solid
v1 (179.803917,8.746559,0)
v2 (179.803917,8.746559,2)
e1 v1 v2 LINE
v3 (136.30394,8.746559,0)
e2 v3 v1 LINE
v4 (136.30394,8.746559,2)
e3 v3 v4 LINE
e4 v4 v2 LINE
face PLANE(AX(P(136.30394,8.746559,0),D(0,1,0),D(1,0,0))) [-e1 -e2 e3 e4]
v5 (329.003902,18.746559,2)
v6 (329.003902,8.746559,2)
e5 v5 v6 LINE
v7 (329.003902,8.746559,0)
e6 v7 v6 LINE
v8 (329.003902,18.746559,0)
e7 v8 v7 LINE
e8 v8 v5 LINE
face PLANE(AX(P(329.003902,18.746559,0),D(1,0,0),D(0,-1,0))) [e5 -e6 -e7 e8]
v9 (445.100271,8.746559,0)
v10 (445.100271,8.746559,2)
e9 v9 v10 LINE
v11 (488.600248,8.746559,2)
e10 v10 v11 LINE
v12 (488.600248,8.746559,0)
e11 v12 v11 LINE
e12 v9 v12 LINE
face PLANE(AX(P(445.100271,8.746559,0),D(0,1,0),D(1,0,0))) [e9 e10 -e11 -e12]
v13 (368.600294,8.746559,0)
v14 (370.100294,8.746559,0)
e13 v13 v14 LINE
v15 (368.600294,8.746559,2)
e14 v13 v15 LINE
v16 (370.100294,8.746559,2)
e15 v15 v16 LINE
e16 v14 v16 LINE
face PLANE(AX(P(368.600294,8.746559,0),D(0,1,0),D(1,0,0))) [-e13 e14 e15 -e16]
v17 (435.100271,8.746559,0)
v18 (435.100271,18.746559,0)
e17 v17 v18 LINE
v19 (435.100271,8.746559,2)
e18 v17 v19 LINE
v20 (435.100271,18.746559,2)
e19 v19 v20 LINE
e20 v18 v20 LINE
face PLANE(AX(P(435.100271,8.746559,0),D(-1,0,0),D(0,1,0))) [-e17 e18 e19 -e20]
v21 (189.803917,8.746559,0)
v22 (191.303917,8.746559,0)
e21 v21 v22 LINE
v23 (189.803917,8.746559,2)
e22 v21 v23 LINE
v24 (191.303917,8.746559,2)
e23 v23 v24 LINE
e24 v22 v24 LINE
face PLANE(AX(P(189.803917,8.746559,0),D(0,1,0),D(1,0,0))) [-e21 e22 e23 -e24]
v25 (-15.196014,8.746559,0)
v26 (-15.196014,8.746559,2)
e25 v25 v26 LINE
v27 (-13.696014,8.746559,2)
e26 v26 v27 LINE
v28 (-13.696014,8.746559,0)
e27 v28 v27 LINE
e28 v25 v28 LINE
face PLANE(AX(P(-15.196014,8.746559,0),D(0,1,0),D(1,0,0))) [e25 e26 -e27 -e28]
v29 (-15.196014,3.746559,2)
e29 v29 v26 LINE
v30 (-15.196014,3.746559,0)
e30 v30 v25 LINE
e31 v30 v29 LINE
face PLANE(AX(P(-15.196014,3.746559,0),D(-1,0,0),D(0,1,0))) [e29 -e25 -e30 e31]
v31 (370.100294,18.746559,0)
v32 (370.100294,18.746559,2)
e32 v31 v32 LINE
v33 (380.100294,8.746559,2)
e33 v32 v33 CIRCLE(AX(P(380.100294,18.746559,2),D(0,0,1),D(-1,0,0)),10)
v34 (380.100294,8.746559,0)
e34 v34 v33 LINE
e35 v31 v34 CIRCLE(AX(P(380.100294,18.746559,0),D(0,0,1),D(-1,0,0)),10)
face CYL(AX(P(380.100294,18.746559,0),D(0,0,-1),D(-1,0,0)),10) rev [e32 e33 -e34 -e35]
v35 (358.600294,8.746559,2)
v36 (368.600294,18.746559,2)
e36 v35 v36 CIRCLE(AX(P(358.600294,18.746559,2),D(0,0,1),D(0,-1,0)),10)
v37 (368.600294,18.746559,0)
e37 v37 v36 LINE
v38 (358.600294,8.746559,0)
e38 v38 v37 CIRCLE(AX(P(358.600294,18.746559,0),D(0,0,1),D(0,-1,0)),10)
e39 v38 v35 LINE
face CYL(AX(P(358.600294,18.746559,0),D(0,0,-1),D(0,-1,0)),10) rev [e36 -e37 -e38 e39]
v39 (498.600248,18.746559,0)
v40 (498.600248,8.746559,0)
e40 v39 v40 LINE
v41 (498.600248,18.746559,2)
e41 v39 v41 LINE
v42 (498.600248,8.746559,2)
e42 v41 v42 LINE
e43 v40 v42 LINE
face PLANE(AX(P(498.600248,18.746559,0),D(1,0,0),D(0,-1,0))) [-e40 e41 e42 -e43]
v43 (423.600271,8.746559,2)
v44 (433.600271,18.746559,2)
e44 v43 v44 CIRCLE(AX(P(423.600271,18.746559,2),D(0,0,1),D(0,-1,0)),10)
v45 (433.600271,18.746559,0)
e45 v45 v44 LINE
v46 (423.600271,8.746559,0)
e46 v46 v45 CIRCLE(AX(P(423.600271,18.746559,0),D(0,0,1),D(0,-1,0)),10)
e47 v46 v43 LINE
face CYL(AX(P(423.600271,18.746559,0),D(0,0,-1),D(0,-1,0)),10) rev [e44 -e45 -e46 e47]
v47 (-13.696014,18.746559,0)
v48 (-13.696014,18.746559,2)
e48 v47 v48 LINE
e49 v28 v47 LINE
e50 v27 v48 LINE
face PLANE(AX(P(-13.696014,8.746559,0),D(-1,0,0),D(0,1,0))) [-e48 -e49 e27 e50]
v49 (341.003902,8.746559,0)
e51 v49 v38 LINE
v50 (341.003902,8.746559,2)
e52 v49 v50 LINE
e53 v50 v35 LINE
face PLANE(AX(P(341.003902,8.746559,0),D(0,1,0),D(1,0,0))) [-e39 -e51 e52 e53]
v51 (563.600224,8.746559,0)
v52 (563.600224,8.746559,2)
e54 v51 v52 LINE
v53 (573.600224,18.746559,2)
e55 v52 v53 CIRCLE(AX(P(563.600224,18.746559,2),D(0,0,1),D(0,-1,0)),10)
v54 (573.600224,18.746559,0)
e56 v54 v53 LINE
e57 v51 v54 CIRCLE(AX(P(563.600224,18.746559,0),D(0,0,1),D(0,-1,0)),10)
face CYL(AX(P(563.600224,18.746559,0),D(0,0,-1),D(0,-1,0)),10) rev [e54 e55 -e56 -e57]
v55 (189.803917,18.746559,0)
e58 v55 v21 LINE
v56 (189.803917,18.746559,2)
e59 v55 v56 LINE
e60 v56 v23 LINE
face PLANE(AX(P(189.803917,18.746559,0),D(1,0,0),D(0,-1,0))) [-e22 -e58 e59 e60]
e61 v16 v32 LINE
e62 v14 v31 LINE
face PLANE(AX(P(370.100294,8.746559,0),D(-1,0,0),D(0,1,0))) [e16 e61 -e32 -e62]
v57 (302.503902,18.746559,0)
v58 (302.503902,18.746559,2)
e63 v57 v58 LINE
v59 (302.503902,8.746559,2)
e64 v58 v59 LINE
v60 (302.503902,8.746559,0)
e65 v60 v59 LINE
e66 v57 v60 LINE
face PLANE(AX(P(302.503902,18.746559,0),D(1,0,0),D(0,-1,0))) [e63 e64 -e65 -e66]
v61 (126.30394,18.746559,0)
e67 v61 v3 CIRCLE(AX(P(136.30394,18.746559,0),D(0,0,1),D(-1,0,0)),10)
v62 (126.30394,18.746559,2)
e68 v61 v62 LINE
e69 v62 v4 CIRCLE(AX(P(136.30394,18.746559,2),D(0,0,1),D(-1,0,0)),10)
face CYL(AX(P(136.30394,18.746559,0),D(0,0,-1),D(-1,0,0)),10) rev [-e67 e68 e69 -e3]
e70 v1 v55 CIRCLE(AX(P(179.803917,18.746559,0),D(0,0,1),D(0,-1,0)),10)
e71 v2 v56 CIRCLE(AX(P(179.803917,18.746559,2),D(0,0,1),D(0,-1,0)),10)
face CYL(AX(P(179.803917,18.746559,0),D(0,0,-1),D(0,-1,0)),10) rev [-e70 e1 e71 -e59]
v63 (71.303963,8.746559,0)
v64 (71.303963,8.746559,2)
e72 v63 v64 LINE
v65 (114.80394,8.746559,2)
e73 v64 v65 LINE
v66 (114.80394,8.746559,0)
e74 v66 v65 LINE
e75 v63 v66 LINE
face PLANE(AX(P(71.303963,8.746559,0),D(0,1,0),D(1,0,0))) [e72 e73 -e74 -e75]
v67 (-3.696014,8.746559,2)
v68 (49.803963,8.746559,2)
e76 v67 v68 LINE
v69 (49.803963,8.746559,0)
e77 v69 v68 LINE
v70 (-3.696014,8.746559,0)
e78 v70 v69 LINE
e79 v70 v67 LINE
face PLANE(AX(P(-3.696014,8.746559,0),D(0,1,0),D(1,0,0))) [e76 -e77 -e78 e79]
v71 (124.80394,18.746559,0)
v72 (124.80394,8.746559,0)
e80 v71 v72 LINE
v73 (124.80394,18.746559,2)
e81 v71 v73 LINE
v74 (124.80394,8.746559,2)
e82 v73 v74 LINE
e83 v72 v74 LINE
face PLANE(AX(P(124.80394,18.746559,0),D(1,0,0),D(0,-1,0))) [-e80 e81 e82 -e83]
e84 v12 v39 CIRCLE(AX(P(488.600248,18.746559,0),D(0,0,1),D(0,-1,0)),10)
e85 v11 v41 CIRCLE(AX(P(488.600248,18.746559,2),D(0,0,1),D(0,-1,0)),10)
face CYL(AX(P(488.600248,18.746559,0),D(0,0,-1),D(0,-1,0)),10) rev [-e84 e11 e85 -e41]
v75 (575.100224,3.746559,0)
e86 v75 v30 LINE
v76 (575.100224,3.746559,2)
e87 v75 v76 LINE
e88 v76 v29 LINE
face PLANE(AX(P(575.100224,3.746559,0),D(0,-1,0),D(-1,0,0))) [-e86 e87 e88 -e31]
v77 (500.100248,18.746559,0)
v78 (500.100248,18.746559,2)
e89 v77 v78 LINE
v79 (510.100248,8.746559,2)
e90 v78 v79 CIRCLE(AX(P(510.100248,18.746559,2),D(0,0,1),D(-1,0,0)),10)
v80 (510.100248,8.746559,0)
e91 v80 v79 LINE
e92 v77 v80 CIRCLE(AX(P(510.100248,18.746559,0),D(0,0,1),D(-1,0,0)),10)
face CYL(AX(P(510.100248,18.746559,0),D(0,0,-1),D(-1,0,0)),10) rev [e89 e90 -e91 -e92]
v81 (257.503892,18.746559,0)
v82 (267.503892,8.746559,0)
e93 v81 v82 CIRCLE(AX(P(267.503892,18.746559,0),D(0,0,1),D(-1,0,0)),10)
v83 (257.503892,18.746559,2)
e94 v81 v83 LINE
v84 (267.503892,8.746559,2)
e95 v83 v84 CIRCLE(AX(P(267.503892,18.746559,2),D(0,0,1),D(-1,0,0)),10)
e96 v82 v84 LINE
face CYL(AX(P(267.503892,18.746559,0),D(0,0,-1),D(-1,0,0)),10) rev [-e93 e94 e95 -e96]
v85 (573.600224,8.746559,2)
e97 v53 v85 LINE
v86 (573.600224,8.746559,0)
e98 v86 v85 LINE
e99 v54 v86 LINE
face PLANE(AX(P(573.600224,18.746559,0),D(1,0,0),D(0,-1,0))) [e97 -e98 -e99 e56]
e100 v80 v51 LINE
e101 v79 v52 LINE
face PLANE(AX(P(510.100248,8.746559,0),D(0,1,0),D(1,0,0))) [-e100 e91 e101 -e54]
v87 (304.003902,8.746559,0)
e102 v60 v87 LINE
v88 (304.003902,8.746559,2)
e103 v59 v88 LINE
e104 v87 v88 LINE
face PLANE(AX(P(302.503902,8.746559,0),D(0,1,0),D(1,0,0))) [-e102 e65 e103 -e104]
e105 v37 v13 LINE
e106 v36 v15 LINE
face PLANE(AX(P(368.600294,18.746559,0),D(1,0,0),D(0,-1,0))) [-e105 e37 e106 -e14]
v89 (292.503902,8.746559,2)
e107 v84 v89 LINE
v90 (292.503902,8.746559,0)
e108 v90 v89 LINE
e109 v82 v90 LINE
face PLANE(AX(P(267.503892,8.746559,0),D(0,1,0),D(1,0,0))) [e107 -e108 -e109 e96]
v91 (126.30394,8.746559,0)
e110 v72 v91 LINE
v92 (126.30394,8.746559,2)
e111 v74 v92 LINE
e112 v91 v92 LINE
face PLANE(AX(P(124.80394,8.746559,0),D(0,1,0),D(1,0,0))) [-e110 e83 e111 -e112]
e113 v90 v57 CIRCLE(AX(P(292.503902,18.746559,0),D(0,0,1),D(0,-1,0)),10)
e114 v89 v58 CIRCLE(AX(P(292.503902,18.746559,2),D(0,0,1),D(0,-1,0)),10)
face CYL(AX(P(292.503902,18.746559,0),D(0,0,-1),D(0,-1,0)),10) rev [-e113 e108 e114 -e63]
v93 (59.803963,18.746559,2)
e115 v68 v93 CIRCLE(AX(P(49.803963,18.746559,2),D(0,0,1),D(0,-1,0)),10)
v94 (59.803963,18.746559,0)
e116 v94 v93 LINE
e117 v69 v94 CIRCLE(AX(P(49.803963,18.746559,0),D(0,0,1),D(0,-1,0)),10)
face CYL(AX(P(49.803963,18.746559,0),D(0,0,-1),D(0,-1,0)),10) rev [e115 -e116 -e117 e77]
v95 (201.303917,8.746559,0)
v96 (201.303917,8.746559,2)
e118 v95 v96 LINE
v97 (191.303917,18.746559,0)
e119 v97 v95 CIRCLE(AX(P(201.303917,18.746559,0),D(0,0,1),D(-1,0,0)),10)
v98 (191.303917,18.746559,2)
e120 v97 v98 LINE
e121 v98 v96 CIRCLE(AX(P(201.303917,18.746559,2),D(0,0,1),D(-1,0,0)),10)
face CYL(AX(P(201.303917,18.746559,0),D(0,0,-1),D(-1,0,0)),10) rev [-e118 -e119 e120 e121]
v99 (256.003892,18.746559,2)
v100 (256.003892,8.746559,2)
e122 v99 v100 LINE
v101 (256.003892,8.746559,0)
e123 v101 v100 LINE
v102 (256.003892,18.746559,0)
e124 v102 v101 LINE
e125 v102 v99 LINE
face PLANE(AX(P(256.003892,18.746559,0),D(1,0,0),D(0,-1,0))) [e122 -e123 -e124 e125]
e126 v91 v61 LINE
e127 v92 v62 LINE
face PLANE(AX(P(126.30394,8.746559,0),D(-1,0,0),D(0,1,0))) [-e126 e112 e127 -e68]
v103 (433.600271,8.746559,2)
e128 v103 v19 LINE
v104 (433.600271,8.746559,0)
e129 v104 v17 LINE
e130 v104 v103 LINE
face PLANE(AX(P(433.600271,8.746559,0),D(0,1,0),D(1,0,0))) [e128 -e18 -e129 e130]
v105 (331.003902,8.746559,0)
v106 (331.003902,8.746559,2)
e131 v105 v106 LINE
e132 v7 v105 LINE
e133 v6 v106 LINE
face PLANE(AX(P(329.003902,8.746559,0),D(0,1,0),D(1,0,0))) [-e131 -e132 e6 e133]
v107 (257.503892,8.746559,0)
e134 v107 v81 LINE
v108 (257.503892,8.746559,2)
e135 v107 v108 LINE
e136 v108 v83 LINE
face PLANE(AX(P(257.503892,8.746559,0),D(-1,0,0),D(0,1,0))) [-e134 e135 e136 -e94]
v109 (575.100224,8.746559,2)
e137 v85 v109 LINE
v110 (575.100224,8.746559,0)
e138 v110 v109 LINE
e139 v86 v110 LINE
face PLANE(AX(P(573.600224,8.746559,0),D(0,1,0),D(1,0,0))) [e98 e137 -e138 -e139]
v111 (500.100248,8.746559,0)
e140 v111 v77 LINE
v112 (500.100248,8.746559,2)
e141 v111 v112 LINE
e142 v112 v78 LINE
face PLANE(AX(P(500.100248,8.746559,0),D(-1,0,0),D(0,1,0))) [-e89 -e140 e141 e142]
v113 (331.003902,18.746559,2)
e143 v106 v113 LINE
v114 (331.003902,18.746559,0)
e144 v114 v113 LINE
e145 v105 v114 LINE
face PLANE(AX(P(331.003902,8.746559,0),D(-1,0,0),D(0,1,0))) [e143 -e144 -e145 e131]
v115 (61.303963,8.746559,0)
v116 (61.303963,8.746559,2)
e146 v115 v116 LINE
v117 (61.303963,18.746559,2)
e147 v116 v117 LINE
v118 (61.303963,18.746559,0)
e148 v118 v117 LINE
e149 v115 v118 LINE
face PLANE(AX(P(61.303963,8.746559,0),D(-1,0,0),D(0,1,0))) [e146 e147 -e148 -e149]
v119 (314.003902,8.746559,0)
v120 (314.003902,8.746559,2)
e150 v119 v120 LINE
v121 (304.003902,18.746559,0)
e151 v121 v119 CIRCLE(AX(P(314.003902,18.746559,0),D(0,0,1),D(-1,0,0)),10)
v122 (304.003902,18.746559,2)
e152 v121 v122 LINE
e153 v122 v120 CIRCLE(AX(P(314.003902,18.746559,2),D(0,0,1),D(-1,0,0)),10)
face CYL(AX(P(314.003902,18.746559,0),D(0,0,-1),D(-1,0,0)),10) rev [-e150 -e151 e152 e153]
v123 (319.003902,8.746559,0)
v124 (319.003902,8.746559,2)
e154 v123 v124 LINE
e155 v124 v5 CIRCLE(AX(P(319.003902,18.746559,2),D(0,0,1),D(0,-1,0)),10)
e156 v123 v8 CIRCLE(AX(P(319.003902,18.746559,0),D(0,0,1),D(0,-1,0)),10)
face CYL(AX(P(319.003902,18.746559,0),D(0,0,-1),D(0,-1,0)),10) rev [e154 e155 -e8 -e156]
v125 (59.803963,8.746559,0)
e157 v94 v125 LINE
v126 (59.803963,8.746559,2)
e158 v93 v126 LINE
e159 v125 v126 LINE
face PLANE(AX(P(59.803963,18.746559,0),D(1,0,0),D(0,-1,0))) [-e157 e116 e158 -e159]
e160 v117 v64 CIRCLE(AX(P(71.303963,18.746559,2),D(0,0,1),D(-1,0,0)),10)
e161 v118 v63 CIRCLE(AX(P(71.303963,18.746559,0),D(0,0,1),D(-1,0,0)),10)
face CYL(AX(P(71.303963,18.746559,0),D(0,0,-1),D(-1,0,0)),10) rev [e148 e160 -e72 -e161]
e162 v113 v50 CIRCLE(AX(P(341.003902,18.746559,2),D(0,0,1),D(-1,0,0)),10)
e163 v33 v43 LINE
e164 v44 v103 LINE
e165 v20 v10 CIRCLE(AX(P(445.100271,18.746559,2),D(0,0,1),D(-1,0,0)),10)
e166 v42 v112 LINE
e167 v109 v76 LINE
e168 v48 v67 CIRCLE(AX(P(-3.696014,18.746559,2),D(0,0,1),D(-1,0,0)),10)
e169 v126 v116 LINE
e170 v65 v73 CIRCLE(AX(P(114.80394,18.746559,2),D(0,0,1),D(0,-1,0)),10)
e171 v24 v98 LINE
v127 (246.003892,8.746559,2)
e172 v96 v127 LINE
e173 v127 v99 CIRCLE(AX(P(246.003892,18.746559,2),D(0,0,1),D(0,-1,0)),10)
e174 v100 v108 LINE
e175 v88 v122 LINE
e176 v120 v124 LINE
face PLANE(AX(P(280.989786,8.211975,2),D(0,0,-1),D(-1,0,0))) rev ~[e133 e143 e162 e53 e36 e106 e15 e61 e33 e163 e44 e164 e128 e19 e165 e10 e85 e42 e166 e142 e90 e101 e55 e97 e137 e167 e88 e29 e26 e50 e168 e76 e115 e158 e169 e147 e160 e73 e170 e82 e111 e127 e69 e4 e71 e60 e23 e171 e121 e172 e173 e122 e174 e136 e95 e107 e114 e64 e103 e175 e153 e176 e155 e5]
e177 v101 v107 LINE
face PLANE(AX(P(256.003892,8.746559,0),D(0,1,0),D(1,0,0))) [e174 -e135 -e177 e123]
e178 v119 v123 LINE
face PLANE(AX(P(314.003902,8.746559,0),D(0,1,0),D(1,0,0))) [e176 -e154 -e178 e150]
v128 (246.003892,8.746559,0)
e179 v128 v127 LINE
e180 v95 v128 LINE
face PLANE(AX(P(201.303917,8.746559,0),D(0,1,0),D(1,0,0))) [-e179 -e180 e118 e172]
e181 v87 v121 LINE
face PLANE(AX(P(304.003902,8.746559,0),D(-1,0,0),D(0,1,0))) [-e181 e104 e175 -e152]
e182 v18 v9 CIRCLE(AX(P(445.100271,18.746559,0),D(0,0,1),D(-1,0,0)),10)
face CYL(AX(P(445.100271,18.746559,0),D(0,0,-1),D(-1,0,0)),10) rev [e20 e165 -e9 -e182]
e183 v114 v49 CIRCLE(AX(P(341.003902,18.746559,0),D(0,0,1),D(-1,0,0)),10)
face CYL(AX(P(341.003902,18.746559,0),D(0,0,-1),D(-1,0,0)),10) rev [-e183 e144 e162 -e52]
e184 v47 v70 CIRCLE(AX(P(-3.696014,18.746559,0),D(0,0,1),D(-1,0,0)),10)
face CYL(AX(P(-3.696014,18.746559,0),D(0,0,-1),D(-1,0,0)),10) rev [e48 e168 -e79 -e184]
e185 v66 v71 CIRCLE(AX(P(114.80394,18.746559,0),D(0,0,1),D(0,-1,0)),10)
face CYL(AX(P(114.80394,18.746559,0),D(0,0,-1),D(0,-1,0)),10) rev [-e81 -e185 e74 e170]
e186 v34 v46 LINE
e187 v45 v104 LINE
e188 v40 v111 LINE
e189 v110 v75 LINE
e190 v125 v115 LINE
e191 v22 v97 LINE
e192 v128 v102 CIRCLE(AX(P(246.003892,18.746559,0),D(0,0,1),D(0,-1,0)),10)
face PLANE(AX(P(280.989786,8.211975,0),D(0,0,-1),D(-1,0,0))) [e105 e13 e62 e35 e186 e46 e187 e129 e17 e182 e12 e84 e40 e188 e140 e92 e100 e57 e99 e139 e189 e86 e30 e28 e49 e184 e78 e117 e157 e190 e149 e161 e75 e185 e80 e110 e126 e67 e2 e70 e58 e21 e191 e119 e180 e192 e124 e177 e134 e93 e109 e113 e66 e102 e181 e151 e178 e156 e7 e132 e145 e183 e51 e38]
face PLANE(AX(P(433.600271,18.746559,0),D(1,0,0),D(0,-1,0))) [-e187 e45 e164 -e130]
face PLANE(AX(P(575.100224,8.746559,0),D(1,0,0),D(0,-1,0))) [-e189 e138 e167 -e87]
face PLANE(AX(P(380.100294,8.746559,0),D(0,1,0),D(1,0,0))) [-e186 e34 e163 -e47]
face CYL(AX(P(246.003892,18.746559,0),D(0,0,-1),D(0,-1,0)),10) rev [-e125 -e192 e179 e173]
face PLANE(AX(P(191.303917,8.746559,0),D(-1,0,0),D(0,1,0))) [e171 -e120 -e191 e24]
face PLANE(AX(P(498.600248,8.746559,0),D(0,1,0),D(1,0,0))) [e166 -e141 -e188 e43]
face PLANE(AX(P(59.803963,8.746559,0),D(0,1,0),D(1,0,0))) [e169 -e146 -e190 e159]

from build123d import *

# Parameters (mm, degrees)
EXTRUDE_1_DEPTH = 2


with BuildPart() as part:
    # Model → 凸台-拉伸1 (new body)
    with BuildSketch(Plane.XY):
        with BuildLine():
            Line((-3.696013755, 8.746558964), (49.803963076, 8.746558964))
            ThreePointArc((49.803963076, 8.746558964), (56.875030888, 11.675491152), (59.803963076, 18.746558964))
            Line((59.803963076, 18.746558964), (59.803963076, 8.746558964))
            Line((59.803963076, 8.746558964), (61.303963076, 8.746558964))
            Line((61.303963076, 8.746558964), (61.303963076, 18.746558964))
            ThreePointArc((61.303963076, 18.746558964), (64.232895264, 11.675491152), (71.303963076, 8.746558964))
            Line((71.303963076, 8.746558964), (114.803939907, 8.746558964))
            ThreePointArc((114.803939907, 8.746558964), (121.875007719, 11.675491152), (124.803939907, 18.746558964))
            Line((124.803939907, 18.746558964), (124.803939907, 8.746558964))
            Line((124.803939907, 8.746558964), (126.303939907, 8.746558964))
            Line((126.303939907, 8.746558964), (126.303939907, 18.746558964))
            ThreePointArc((126.303939907, 18.746558964), (129.232872095, 11.675491152), (136.303939907, 8.746558964))
            Line((136.303939907, 8.746558964), (179.803916738, 8.746558964))
            ThreePointArc((179.803916738, 8.746558964), (186.87498455, 11.675491152), (189.803916738, 18.746558964))
            Line((189.803916738, 18.746558964), (189.803916738, 8.746558964))
            Line((189.803916738, 8.746558964), (191.303916738, 8.746558964))
            Line((191.303916738, 8.746558964), (191.303916738, 18.746558964))
            ThreePointArc((191.303916738, 18.746558964), (194.232848927, 11.675491152), (201.303916739, 8.746558964))
            Line((201.303916739, 8.746558964), (246.003891639, 8.746558964))
            ThreePointArc((246.003891639, 8.746558964), (253.07495945, 11.675491152), (256.003891639, 18.746558964))
            Line((256.003891639, 18.746558964), (256.003891639, 8.746558964))
            Line((256.003891639, 8.746558964), (257.503891639, 8.746558964))
            Line((257.503891639, 8.746558964), (257.503891639, 18.746558964))
            ThreePointArc((257.503891639, 18.746558964), (260.432823827, 11.675491152), (267.503891639, 8.746558964))
            Line((267.503891639, 8.746558964), (275.474891639, 8.746558964))
            Line((275.474891639, 8.746558964), (292.503901751, 8.746558964))
            ThreePointArc((292.503901751, 8.746558964), (299.574969563, 11.675491152), (302.503901751, 18.746558964))
            Line((302.503901751, 18.746558964), (302.503901751, 8.746558964))
            Line((302.503901751, 8.746558964), (304.003901751, 8.746558964))
            Line((304.003901751, 8.746558964), (304.003901751, 18.746558964))
            ThreePointArc((304.003901751, 18.746558964), (306.932833939, 11.675491152), (314.003901751, 8.746558964))
            Line((314.003901751, 8.746558964), (319.003901751, 8.746558964))
            ThreePointArc((319.003901751, 8.746558964), (326.074969563, 11.675491152), (329.003901751, 18.746558964))
            Line((329.003901751, 18.746558964), (329.003901751, 8.746558964))
            Line((329.003901751, 8.746558964), (331.003901751, 8.746558964))
            Line((331.003901751, 8.746558964), (331.003901751, 18.746558964))
            ThreePointArc((331.003901751, 18.746558964), (333.932833939, 11.675491152), (341.003901751, 8.746558964))
            Line((341.003901751, 8.746558964), (358.600293959, 8.746558964))
            ThreePointArc((358.600293959, 8.746558964), (365.671361771, 11.675491152), (368.600293959, 18.746558964))
            Line((368.600293959, 18.746558964), (368.600293959, 8.746558964))
            Line((368.600293959, 8.746558964), (370.100293959, 8.746558964))
            Line((370.100293959, 8.746558964), (370.100293959, 18.746558964))
            ThreePointArc((370.100293959, 18.746558964), (373.029226147, 11.675491152), (380.10029396, 8.746558964))
            Line((380.10029396, 8.746558964), (423.600270791, 8.746558964))
            ThreePointArc((423.600270791, 8.746558964), (430.671338603, 11.675491152), (433.600270791, 18.746558964))
            Line((433.600270791, 18.746558964), (433.600270791, 8.746558964))
            Line((433.600270791, 8.746558964), (435.100270791, 8.746558964))
            Line((435.100270791, 8.746558964), (435.100270791, 18.746558964))
            ThreePointArc((435.100270791, 18.746558964), (438.029202979, 11.675491152), (445.100270791, 8.746558964))
            Line((445.100270791, 8.746558964), (488.600247622, 8.746558964))
            ThreePointArc((488.600247622, 8.746558964), (495.671315434, 11.675491152), (498.600247622, 18.746558964))
            Line((498.600247622, 18.746558964), (498.600247622, 8.746558964))
            Line((498.600247622, 8.746558964), (500.100247622, 8.746558964))
            Line((500.100247622, 8.746558964), (500.100247622, 18.746558964))
            ThreePointArc((500.100247622, 18.746558964), (503.02917981, 11.675491152), (510.100247622, 8.746558964))
            Line((510.100247622, 8.746558964), (563.600224453, 8.746558964))
            ThreePointArc((563.600224453, 8.746558964), (570.671292265, 11.675491152), (573.600224453, 18.746558964))
            Line((573.600224453, 18.746558964), (573.600224453, 8.746558964))
            Line((573.600224453, 8.746558964), (575.100224453, 8.746558964))
            Line((575.100224453, 8.746558964), (575.100224453, 3.746558964))
            Line((575.100224453, 3.746558964), (-15.196013755, 3.746558964))
            Line((-15.196013755, 3.746558964), (-15.196013755, 8.746558964))
            Line((-15.196013755, 8.746558964), (-13.696013755, 8.746558964))
            Line((-13.696013755, 8.746558964), (-13.696013755, 18.746558964))
            ThreePointArc((-13.696013755, 18.746558964), (-10.767081567, 11.675491152), (-3.696013755, 8.746558964))
        make_face()
    extrude(amount=EXTRUDE_1_DEPTH)


solid = part.part
